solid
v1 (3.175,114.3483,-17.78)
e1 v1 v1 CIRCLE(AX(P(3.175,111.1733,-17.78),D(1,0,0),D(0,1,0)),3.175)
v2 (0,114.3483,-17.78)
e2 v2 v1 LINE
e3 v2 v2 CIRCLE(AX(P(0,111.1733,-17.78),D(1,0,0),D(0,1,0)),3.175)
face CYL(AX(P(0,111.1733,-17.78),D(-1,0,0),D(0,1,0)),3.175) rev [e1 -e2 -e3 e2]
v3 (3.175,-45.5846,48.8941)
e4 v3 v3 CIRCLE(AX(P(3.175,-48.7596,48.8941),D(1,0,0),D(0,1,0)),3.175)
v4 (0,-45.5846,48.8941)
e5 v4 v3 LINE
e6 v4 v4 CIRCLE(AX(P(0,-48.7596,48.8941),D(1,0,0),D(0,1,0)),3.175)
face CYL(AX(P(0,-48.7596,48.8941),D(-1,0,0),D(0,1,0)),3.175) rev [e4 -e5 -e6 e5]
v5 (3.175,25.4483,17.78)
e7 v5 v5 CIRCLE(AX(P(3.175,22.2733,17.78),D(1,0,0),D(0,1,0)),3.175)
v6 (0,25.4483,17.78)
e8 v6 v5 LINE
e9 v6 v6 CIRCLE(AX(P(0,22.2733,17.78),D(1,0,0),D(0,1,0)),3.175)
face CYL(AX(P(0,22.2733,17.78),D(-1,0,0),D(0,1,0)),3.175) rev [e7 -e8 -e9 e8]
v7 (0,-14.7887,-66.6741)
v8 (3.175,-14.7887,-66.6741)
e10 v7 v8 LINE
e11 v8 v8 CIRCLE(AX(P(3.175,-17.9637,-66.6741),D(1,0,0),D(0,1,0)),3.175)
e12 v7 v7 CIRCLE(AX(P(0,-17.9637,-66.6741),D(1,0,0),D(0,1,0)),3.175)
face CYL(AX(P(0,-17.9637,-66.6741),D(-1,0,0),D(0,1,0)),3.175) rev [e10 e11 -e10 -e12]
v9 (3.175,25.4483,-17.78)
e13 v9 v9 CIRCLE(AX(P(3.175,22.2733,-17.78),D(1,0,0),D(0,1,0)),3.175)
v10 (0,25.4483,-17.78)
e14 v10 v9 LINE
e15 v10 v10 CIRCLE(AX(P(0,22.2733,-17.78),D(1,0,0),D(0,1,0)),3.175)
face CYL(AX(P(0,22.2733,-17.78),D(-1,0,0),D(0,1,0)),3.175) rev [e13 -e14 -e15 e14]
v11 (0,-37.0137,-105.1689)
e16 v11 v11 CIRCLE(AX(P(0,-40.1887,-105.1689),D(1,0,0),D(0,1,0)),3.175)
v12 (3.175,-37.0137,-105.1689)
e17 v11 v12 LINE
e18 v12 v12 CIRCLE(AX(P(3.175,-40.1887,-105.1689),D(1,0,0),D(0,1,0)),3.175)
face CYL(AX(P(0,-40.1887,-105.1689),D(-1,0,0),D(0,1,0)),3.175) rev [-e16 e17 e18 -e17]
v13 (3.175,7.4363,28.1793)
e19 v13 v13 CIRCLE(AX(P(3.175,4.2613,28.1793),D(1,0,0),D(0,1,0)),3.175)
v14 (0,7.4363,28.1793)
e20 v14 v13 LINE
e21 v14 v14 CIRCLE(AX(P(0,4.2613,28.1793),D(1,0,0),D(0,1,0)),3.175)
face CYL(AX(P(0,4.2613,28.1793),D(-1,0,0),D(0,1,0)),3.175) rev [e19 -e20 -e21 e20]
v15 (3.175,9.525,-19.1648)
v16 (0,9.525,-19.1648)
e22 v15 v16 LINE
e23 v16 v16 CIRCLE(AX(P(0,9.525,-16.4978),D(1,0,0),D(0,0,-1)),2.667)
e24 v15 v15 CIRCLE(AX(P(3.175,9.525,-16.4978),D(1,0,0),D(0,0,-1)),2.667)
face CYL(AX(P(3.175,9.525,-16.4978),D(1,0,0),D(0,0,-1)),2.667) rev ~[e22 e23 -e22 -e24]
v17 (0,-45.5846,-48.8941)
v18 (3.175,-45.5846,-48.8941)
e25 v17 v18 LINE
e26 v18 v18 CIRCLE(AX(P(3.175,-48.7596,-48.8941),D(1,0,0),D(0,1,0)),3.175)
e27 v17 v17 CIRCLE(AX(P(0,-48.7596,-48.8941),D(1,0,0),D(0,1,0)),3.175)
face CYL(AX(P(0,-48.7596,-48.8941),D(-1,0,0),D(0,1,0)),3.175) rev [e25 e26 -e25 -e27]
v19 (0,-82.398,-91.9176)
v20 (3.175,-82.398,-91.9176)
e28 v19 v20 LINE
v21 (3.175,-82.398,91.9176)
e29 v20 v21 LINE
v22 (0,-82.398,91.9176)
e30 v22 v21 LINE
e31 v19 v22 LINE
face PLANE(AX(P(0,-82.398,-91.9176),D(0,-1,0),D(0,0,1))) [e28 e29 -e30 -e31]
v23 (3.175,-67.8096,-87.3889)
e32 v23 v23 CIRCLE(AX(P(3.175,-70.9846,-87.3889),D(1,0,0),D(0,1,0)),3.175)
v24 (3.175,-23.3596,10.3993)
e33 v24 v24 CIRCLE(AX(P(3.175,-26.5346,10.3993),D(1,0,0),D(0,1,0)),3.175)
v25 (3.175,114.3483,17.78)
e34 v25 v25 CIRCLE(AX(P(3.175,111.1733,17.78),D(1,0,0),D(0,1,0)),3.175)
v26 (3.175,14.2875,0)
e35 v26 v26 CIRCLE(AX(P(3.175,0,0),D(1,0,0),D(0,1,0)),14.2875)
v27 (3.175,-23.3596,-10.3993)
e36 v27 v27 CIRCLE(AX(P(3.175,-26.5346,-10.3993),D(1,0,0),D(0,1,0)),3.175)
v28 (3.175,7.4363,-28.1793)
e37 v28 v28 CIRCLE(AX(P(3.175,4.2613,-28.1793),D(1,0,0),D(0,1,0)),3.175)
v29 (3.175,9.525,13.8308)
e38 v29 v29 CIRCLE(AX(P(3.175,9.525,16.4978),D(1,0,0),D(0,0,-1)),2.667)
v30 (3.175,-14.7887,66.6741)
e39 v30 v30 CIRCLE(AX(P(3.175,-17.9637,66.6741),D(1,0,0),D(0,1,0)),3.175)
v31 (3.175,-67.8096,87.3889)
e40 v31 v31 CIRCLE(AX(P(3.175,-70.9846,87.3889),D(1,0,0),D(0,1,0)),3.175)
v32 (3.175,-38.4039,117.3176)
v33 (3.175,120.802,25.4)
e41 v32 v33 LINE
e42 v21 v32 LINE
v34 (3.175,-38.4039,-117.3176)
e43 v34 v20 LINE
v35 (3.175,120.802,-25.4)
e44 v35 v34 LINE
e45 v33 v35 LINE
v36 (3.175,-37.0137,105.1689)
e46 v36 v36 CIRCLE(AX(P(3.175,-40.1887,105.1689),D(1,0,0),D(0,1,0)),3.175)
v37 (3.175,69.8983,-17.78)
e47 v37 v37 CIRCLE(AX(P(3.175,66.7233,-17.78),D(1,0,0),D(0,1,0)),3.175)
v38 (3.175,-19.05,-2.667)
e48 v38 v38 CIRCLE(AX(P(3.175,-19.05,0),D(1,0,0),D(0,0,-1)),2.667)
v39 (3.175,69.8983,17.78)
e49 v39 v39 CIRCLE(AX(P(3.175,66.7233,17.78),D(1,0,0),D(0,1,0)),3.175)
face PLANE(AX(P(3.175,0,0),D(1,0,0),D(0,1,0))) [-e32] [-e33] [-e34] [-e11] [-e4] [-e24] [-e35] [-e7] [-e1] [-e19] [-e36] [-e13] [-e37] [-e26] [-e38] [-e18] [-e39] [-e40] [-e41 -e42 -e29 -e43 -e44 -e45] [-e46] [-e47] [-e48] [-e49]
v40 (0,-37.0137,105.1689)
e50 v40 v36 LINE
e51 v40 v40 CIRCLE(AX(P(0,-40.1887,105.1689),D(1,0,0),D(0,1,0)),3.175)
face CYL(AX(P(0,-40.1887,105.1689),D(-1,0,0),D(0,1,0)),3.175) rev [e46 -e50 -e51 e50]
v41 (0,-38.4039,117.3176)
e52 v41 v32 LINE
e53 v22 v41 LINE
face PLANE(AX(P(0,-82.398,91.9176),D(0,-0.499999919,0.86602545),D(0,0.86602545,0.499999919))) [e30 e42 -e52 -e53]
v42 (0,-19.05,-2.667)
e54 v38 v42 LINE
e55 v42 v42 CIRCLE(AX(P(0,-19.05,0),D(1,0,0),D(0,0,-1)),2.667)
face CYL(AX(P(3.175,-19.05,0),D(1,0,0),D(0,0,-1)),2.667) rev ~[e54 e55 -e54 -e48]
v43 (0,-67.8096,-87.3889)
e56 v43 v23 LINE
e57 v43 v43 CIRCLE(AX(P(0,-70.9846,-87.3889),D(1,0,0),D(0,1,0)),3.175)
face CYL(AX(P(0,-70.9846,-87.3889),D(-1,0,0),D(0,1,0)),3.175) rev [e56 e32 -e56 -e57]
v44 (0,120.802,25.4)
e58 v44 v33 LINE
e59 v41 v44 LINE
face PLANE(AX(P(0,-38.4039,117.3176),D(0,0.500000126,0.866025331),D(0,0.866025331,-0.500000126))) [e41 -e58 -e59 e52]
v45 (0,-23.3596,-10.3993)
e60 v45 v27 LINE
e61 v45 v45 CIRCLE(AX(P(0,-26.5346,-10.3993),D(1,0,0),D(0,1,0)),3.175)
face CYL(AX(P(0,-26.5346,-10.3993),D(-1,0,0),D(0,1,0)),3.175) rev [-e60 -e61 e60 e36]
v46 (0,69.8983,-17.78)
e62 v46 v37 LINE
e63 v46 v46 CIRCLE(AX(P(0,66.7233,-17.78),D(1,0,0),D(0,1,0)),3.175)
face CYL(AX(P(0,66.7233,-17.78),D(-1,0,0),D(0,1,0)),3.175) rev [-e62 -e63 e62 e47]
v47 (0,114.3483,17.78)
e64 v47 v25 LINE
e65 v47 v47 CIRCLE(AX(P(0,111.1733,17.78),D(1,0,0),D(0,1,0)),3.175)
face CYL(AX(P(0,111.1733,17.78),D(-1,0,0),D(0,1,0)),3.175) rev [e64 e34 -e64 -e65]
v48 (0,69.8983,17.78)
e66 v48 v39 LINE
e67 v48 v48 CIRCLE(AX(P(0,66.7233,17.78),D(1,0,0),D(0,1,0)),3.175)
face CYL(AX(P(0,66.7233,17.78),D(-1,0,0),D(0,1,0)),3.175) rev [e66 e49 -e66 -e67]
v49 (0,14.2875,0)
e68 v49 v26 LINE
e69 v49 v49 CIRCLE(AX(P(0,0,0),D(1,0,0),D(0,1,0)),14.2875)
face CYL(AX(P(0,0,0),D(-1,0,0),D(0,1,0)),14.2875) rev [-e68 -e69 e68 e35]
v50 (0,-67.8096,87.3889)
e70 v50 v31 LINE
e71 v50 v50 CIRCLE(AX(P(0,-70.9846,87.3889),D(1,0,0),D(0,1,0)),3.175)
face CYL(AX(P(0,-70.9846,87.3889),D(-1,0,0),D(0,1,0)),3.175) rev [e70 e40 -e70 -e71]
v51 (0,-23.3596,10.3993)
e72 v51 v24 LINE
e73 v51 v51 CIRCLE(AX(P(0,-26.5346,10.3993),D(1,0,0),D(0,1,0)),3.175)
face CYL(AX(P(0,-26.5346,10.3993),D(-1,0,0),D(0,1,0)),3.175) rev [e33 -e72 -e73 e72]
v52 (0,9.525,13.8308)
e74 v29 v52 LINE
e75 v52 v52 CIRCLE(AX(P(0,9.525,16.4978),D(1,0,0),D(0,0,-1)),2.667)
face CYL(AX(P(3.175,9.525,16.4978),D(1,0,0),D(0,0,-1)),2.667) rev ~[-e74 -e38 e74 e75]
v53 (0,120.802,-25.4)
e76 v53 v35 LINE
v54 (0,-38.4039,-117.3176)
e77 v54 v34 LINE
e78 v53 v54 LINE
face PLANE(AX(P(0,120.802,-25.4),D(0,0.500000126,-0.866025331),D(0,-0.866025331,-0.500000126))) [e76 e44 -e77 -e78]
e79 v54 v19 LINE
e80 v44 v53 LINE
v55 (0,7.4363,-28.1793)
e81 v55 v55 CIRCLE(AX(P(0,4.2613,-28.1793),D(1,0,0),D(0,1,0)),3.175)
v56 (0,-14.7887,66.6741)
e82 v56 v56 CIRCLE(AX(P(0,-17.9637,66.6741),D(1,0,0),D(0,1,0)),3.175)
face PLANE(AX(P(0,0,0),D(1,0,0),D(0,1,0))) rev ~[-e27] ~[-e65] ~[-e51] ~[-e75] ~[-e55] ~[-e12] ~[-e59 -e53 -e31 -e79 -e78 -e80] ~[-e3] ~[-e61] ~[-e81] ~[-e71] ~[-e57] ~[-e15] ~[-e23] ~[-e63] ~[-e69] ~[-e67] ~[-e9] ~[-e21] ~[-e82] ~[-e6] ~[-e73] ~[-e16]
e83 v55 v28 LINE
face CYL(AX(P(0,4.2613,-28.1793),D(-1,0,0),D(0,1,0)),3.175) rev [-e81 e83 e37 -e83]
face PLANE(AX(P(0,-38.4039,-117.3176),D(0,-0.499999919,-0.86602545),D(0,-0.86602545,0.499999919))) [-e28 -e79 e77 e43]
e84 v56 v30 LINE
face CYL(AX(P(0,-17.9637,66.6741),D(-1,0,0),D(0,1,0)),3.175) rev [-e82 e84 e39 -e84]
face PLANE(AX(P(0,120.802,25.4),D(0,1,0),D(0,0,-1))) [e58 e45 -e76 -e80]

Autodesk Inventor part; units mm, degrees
ref_plane "YZ Plane" through (0, 0, 0) normal (1, 0, 0) x (0, 1, 0)
ref_plane "XZ Plane" through (0, 0, 0) normal (0, 1, 0) x (-1, 0, 0)
ref_plane "XY Plane" through (0, 0, 0) normal (0, 0, 1) x (1, 0, 0)
sketch "Sketch1" plane through (0, 0, 0) normal (1, 0, 0) x (0, 1, 0)
  line L0 (0, -164.2446) -> (0, 164.2446) construction
  line L1 (-123.038, 0) -> (161.442, 0) construction
  line L2 (120.802, 25.4) -> (120.802, -25.4)
  line L3 (120.802, -25.4) -> (-38.4039, -117.3176)
  line L4 (-38.4039, -117.3176) -> (-82.398, -91.9176)
  line L5 (-82.398, -91.9176) -> (-82.398, 91.9176)
  line L6 (-82.398, 91.9176) -> (-38.4039, 117.3176)
  line L7 (-38.4039, 117.3176) -> (120.802, 25.4)
  line L8 (-60.401, 104.6176) -> (41.199, -71.3588) construction
  line L9 (-40.1887, 105.1689) -> (-70.9846, 87.3889) construction
  line L10 (-70.9846, 87.3889) -> (-26.5346, 10.3993) construction
  line L11 (-26.5346, 10.3993) -> (4.2613, 28.1793) construction
  line L12 (4.2613, 28.1793) -> (-40.1887, 105.1689) construction
  circle A0 centre (-40.1887, 105.1689) radius 3.175
  circle A1 centre (-70.9846, 87.3889) radius 3.175
  circle A2 centre (4.2613, 28.1793) radius 3.175
  circle A3 centre (-26.5346, 10.3993) radius 3.175
  circle A4 centre (-17.9637, 66.6741) radius 3.175
  circle A5 centre (-48.7596, 48.8941) radius 3.175
  line L13 (-38.4039, 117.3176) -> (14.6647, 25.4) construction
  line L14 (14.6647, 25.4) -> (-29.3294, 0) construction
  line L15 (-29.3294, 0) -> (-82.398, 91.9176) construction
  line L16 (-41.1536, 115.7301) -> (11.9151, 23.8125) construction
  circle A6 centre (-70.9846, -87.3889) radius 3.175
  circle A7 centre (-48.7596, -48.8941) radius 3.175
  circle A8 centre (-26.5346, -10.3993) radius 3.175
  circle A9 centre (4.2613, -28.1793) radius 3.175
  circle A10 centre (-17.9637, -66.6741) radius 3.175
  circle A11 centre (-40.1887, -105.1689) radius 3.175
  circle A12 centre (111.1733, -17.78) radius 3.175
  circle A13 centre (66.7233, -17.78) radius 3.175
  circle A14 centre (22.2733, -17.78) radius 3.175
  circle A15 centre (22.2733, 17.78) radius 3.175
  circle A16 centre (66.7233, 17.78) radius 3.175
  circle A17 centre (111.1733, 17.78) radius 3.175
  circle A18 centre (0, 0) radius 14.6647 construction
  circle A19 centre (0, 0) radius 14.2875
  point P0 (120.802, 0)
  point P1 (-82.398, 0)
  point P2 (-55.5867, 96.2789)
  point P3 (-11.1367, 19.2893)
  dimension "d0" = 203.2
  dimension "d1" = 50.8
  dimension "d2" = 6.35
  dimension "d4" = 3.175
  dimension "d7" = 17.78
  dimension "d10" = 360
  dimension "d14" = 29.3294
  dimension "d15" = 28.575
  dimension "d32" = 88.9
  dimension "d33" = 7.6086
extrude "Extrusion2" add sketch "Sketch1" along normal blind 3.175
sketch "Sketch2" plane through (3.175, 0, 0) normal (1, 0, 0) x (0, 0, -1)
  circle A0 centre (0, 0) radius 15.875 construction
  line L0 (164.2446, 0) -> (-164.2446, 0) construction
  line L1 (0, -123.038) -> (0, 161.442) construction
  line L2 (0, 0) -> (-16.4978, 9.525) construction
  circle A1 centre (-16.4978, 9.525) radius 3.175 construction
  circle A2 centre (0, -19.05) radius 3.175 construction
  circle A3 centre (16.4978, 9.525) radius 3.175 construction
  circle A4 centre (-16.4978, 9.525) radius 2.667
  circle A5 centre (0, -19.05) radius 2.667
  circle A6 centre (16.4978, 9.525) radius 2.667
  dimension "d18" = 31.75
  dimension "d19" = 30
  dimension "d20" = 6.35
  dimension "d23" = 360
  dimension "d25" = 5.334
  dimension "d28" = 360
extrude "Extrusion3" cut sketch "Sketch2" against normal through all
sketch "Sketch3" plane through (3.175, 0, 0) normal (1, 0, 0) x (0, 0, -1)
  line L0 (0, -123.038) -> (0, 161.442) construction
  line L1 (164.2446, 0) -> (-164.2446, 0) construction
  line L2 (-91.9176, -82.398) -> (0, -29.3294) construction
  line L3 (0, -29.3294) -> (91.9176, -82.398) construction
  line L4 (-117.3176, -38.4039) -> (-91.9176, -82.398) construction
  line L5 (-91.9176, -82.398) -> (91.9176, -82.398) construction
  line L6 (-74.5691, -76.048) -> (-55.3084, -64.9279)
  line L7 (-55.3084, -64.9279) -> (-48.8882, -76.048)
  line L8 (-48.8882, -76.048) -> (-74.5691, -76.048)
  line L9 (-3.175, -76.048) -> (-21.0235, -45.1335)
  line L10 (-21.0235, -45.1335) -> (-3.175, -34.8287)
  line L11 (-3.175, -34.8287) -> (-3.175, -76.048)
  line L12 (-43.3889, -72.873) -> (-49.8092, -61.7529)
  line L13 (-49.8092, -61.7529) -> (-30.5485, -50.6328)
  line L14 (-30.5485, -50.6328) -> (-43.3889, -72.873)
  line L15 (-24.1985, -52.3342) -> (-37.8897, -76.048)
  line L16 (-37.8897, -76.048) -> (-10.5073, -76.048)
  line L17 (-10.5073, -76.048) -> (-24.1985, -52.3342)
  line L18 (-48.8882, -76.048) -> (-37.8897, -76.048) construction
  line L19 (-30.5485, -50.6328) -> (-21.0235, -45.1335) construction
  line L20 (74.5691, -76.048) -> (55.3084, -64.9279)
  line L21 (55.3084, -64.9279) -> (48.8882, -76.048)
  line L22 (48.8882, -76.048) -> (74.5691, -76.048)
  line L23 (3.175, -76.048) -> (21.0235, -45.1335)
  line L24 (21.0235, -45.1335) -> (3.175, -34.8287)
  line L25 (3.175, -34.8287) -> (3.175, -76.048)
  line L26 (43.3889, -72.873) -> (49.8092, -61.7529)
  line L27 (49.8092, -61.7529) -> (30.5485, -50.6328)
  line L28 (30.5485, -50.6328) -> (43.3889, -72.873)
  line L29 (24.1985, -52.3342) -> (37.8897, -76.048)
  line L30 (37.8897, -76.048) -> (10.5073, -76.048)
  line L31 (10.5073, -76.048) -> (24.1985, -52.3342)
  point P0 (0, 0)
  dimension "d34" = 3.175
  dimension "d35" = 6.35
  dimension "d36" = 3.175
  dimension "d37" = 6.35
  dimension "d38" = 6.35
  dimension "d39" = 6.35
extrude "Extrusion4" [suppressed]
chamfer "Chamfer1" [suppressed]
fillet "Fillet1" [suppressed]
pattern_circular "Circular Pattern1" [suppressed]
equation "\"d36\" = 0.5 * d35"
equation "\"d37\" = d35"
equation "\"d38\" = d35"
equation "\"d39\" = d35"
properties part number "Outer Gusset Plate" material "Aluminum 6061"
